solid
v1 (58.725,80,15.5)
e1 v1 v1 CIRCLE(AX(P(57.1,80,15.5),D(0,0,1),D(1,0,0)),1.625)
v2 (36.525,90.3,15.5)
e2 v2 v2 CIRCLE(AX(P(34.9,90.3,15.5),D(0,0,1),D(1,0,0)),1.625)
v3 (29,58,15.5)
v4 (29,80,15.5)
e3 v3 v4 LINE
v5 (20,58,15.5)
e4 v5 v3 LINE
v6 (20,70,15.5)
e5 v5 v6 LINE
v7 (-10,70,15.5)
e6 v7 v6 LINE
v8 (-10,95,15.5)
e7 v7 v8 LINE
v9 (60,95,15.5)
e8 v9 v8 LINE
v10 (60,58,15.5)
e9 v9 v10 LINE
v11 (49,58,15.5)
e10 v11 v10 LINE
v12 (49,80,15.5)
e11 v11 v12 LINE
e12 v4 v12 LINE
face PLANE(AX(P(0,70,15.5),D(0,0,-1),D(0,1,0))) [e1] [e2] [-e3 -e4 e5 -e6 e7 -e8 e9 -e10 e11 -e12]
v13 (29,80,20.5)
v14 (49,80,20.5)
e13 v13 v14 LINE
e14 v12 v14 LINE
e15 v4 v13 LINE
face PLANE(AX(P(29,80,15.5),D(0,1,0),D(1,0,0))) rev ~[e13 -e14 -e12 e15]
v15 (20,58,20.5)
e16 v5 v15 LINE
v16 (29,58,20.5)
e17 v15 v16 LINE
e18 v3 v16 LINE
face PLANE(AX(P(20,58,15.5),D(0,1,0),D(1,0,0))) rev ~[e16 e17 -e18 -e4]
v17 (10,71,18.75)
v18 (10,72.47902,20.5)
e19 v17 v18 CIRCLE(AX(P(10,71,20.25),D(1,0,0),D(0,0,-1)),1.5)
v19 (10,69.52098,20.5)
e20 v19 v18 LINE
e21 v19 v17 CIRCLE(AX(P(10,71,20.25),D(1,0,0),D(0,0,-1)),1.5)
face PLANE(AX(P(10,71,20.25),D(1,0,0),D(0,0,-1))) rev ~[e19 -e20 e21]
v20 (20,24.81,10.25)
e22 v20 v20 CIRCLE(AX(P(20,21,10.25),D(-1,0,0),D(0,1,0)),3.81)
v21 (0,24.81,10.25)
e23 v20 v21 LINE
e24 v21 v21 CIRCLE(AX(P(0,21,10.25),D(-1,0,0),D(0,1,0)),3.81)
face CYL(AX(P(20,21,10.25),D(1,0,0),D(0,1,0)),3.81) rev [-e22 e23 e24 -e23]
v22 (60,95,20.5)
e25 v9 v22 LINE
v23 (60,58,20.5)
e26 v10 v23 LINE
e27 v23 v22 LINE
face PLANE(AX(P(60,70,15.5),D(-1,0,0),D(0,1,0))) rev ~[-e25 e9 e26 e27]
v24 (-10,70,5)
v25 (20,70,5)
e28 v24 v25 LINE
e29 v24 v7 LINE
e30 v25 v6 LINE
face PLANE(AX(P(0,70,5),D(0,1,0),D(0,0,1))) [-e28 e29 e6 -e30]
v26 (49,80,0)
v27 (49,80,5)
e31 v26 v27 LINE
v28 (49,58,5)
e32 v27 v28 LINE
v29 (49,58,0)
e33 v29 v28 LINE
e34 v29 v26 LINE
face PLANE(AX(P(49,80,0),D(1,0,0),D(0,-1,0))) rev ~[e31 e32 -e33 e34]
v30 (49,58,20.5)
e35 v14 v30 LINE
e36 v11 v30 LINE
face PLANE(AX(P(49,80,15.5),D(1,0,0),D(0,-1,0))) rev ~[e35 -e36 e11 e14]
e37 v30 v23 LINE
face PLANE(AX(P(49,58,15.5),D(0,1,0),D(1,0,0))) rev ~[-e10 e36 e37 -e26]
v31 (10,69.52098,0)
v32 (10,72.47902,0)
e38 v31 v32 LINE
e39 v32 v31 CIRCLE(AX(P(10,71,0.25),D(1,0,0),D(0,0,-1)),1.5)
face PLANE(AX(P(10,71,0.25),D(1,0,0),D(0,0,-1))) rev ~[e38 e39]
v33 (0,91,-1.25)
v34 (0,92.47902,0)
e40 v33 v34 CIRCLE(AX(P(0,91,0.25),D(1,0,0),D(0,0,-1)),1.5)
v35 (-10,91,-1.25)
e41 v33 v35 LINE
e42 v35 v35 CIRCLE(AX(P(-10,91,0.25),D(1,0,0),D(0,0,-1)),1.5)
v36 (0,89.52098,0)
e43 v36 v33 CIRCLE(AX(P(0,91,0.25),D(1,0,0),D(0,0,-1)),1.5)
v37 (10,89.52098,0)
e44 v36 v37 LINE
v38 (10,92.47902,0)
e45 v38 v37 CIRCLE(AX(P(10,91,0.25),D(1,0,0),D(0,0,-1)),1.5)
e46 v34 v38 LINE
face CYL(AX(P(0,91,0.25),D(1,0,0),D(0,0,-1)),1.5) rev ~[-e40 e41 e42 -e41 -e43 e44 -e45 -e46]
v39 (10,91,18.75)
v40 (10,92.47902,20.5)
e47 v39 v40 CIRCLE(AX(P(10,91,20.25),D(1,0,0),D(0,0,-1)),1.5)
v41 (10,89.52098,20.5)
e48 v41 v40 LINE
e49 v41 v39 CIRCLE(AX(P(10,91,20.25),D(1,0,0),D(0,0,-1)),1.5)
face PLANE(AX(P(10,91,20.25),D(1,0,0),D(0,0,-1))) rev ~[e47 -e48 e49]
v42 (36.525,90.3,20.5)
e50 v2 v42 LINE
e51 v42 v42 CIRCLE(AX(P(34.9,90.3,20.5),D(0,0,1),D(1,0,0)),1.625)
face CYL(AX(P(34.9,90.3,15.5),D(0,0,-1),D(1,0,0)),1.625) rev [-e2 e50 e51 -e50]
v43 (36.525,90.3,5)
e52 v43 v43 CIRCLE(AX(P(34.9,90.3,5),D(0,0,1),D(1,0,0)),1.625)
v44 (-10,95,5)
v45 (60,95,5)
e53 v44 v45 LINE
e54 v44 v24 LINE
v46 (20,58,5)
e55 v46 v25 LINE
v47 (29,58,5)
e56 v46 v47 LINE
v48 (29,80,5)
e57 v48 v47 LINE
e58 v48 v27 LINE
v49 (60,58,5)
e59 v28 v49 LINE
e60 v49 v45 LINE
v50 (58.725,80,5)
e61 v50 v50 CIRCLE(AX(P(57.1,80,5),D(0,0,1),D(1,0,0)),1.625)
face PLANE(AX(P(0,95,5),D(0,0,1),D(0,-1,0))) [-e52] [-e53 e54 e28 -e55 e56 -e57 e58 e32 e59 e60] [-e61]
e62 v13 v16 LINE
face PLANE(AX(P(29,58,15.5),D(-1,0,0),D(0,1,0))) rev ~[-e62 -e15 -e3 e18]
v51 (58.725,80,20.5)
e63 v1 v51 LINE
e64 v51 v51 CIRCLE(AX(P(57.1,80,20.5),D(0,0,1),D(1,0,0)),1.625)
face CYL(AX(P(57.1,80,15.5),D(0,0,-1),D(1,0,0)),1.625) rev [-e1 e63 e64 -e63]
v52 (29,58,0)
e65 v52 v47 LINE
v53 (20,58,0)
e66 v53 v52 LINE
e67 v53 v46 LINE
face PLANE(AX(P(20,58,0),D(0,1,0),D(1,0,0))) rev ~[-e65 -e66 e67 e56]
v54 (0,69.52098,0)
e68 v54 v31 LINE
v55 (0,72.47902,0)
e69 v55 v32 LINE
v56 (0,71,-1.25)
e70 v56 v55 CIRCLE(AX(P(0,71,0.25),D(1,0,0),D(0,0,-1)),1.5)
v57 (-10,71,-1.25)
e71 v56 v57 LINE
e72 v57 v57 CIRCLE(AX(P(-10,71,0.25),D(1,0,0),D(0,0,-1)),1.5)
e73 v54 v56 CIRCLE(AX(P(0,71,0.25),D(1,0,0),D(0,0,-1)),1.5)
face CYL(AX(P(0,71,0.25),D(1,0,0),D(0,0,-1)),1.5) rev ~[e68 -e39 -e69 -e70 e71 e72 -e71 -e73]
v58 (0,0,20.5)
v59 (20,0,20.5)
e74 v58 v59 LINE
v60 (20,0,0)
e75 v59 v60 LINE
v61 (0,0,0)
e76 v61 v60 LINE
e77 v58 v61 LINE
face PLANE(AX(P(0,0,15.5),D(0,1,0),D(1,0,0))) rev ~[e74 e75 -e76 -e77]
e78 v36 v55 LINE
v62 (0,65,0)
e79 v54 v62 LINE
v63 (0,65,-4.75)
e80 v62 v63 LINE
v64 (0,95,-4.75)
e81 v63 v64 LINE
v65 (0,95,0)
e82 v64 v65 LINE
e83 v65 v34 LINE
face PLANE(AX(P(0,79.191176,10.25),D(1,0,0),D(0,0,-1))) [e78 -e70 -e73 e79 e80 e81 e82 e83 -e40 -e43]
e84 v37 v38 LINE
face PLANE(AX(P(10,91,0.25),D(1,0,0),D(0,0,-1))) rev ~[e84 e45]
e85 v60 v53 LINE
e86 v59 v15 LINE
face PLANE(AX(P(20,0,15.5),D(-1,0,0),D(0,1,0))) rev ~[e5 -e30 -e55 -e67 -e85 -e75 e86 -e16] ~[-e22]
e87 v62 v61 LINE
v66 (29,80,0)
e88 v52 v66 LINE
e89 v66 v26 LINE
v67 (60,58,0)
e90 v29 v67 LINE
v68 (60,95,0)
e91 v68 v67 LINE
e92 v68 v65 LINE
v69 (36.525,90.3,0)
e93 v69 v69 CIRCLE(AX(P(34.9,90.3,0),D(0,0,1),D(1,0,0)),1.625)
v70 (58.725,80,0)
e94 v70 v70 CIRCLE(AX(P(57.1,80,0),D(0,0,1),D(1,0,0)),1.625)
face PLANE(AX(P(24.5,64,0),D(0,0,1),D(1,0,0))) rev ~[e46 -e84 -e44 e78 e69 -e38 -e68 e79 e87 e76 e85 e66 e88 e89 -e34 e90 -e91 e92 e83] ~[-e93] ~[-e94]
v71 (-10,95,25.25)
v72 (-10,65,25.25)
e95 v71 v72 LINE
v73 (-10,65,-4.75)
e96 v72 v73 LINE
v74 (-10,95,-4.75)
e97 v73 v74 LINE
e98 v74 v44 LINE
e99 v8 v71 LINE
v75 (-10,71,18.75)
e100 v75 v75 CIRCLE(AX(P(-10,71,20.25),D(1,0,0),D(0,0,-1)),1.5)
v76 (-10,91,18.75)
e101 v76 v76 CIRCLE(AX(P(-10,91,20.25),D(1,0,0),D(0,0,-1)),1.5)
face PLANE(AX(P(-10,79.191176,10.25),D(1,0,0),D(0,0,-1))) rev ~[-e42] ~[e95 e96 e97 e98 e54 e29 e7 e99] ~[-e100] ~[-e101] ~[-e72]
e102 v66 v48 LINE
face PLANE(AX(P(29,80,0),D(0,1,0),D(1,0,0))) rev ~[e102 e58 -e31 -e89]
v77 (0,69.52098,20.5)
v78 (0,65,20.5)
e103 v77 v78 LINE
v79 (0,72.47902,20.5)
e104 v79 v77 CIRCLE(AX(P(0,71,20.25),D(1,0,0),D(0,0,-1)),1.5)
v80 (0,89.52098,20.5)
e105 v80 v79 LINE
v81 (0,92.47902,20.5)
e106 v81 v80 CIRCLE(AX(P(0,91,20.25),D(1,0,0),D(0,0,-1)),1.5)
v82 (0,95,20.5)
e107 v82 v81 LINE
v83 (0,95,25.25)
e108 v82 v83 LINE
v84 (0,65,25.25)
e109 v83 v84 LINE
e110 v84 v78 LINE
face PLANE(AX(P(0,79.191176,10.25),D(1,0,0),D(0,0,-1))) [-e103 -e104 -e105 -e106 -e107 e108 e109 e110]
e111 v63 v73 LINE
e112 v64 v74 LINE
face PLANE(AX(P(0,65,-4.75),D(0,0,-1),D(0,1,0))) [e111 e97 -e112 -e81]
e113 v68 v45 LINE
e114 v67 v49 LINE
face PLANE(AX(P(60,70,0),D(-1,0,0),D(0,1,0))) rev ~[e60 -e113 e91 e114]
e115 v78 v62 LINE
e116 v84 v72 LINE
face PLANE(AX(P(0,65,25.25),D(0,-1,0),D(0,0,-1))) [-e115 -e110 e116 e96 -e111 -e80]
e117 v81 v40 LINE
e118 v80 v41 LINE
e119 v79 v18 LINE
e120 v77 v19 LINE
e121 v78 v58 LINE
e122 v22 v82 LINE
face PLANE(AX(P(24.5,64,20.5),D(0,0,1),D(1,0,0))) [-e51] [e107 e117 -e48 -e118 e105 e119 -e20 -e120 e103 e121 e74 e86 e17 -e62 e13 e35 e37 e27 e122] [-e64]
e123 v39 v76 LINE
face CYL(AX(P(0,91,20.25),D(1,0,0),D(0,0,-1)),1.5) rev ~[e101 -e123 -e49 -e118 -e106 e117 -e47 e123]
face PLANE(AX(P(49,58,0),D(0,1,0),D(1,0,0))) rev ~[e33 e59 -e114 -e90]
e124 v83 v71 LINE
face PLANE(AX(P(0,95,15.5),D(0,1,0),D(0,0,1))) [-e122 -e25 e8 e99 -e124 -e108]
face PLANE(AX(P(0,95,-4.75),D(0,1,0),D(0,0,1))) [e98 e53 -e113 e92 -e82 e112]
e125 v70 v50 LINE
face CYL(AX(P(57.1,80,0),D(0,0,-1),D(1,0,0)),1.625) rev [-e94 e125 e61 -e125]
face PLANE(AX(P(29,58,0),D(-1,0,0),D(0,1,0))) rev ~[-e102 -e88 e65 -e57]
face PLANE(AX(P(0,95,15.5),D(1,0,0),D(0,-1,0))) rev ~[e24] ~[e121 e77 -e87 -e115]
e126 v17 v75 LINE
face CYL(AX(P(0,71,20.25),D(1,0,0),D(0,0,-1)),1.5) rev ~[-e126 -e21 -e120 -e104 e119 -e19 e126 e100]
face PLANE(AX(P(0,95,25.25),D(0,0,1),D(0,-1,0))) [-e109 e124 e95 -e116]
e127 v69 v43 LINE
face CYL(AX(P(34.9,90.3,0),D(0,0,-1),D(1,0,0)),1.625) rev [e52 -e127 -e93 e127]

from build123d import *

# Parameters (mm, degrees)
SKETCH1_R           = 1.625
BOSS_EXTRUDE1_DEPTH = 5
BOSS_EXTRUDE2_START = 5
SKETCH1_3_W         = 20
SKETCH1_3_H         = 70
BOSS_EXTRUDE2_DEPTH = 10.5
BOSS_EXTRUDE3_START = 15.5
SKETCH1_4_R         = 1.625
BOSS_EXTRUDE3_DEPTH = 5
SKETCH1_5_W         = 9
SKETCH1_5_H         = 12
SKETCH1_5_W_2       = 11
BOSS_EXTRUDE4_DEPTH = 5
BOSS_EXTRUDE5_START = 15.5
SKETCH1_6_W         = 9
SKETCH1_6_H         = 12
SKETCH1_6_W_2       = 11
BOSS_EXTRUDE5_DEPTH = 5
SKETCH2_R           = 1.5
BOSS_EXTRUDE6_DEPTH = 10
CUT_EXTRUDE1_START  = 10
SKETCH2_3_R         = 1.5
CUT_EXTRUDE1_DEPTH  = 10
CUT_EXTRUDE2_START  = -120
SKETCH3_R           = 3.81
CUT_EXTRUDE2_DEPTH  = 20


with BuildPart() as part:
    # Sketch1 → Boss-Extrude1 (new body)
    with BuildSketch(Plane.XY):
        Polygon((20, 70), (29, 70), (29, 80), (49, 80), (49, 70), (60, 70), (60, 95), (0, 95), (0, 0), (20, 0), align=None)
        with Locations((34.9, 90.3)):
            Circle(SKETCH1_R, mode=Mode.SUBTRACT)
        with Locations((57.1, 80)):
            Circle(SKETCH1_R, mode=Mode.SUBTRACT)
    extrude(amount=BOSS_EXTRUDE1_DEPTH)

    # Sketch1<3> → Boss-Extrude2 (add)
    with BuildSketch(Plane.XY.offset(BOSS_EXTRUDE2_START)):
        with Locations((10, 35)):
            Rectangle(SKETCH1_3_W, SKETCH1_3_H)
    extrude(amount=BOSS_EXTRUDE2_DEPTH)

    # Sketch1<4> → Boss-Extrude3 (add)
    with BuildSketch(Plane.XY.offset(BOSS_EXTRUDE3_START)):
        Polygon((20, 70), (29, 70), (29, 80), (49, 80), (49, 70), (60, 70), (60, 95), (0, 95), (0, 0), (20, 0), align=None)
        with Locations((34.9, 90.3)):
            Circle(SKETCH1_4_R, mode=Mode.SUBTRACT)
        with Locations((57.1, 80)):
            Circle(SKETCH1_4_R, mode=Mode.SUBTRACT)
    extrude(amount=BOSS_EXTRUDE3_DEPTH)

    # Sketch1<5> → Boss-Extrude4 (add)
    with BuildSketch(Plane.XY):
        with Locations((24.5, 64)):
            Rectangle(SKETCH1_5_W, SKETCH1_5_H)
        with Locations((54.5, 64)):
            Rectangle(SKETCH1_5_W_2, SKETCH1_5_H)
    extrude(amount=BOSS_EXTRUDE4_DEPTH)

    # Sketch1<6> → Boss-Extrude5 (add)
    with BuildSketch(Plane.XY.offset(BOSS_EXTRUDE5_START)):
        with Locations((24.5, 64)):
            Rectangle(SKETCH1_6_W, SKETCH1_6_H)
        with Locations((54.5, 64)):
            Rectangle(SKETCH1_6_W_2, SKETCH1_6_H)
    extrude(amount=BOSS_EXTRUDE5_DEPTH)

    # Sketch2 → Boss-Extrude6 (add)
    with BuildSketch(Plane(origin=(0, 0, 0), x_dir=(0, 0, -1), z_dir=(1, 0, 0))):
        Polygon((4.75, 65), (4.75, 95), (-5, 95), (-5, 70), (-15.5, 70), (-15.5, 95), (-25.25, 95), (-25.25, 65), align=None)
        with Locations((-20.25, 71)):
            Circle(SKETCH2_R, mode=Mode.SUBTRACT)
        with Locations((-0.25, 71)):
            Circle(SKETCH2_R, mode=Mode.SUBTRACT)
        with Locations((-20.25, 91)):
            Circle(SKETCH2_R, mode=Mode.SUBTRACT)
        with Locations((-0.25, 91)):
            Circle(SKETCH2_R, mode=Mode.SUBTRACT)
    extrude(amount=-BOSS_EXTRUDE6_DEPTH)

    # Sketch2<3> → Cut-Extrude1 (cut)
    with BuildSketch(Plane(origin=(0, 0, 0), x_dir=(0, 0, -1), z_dir=(1, 0, 0)).offset(CUT_EXTRUDE1_START)):
        with Locations((-0.25, 91)):
            Circle(SKETCH2_3_R)
        with Locations((-20.25, 91)):
            Circle(SKETCH2_3_R)
        with Locations((-20.25, 71)):
            Circle(SKETCH2_3_R)
        with Locations((-0.25, 71)):
            Circle(SKETCH2_3_R)
    extrude(amount=-CUT_EXTRUDE1_DEPTH, mode=Mode.SUBTRACT)

    # Sketch3 → Cut-Extrude2 (cut)
    with BuildSketch(Plane.ZY.offset(100).offset(CUT_EXTRUDE2_START)):
        with Locations(Location((10.25, 21, 0), (0, 0, 90))):
            Circle(SKETCH3_R)
    extrude(amount=CUT_EXTRUDE2_DEPTH, mode=Mode.SUBTRACT)


solid = part.part
